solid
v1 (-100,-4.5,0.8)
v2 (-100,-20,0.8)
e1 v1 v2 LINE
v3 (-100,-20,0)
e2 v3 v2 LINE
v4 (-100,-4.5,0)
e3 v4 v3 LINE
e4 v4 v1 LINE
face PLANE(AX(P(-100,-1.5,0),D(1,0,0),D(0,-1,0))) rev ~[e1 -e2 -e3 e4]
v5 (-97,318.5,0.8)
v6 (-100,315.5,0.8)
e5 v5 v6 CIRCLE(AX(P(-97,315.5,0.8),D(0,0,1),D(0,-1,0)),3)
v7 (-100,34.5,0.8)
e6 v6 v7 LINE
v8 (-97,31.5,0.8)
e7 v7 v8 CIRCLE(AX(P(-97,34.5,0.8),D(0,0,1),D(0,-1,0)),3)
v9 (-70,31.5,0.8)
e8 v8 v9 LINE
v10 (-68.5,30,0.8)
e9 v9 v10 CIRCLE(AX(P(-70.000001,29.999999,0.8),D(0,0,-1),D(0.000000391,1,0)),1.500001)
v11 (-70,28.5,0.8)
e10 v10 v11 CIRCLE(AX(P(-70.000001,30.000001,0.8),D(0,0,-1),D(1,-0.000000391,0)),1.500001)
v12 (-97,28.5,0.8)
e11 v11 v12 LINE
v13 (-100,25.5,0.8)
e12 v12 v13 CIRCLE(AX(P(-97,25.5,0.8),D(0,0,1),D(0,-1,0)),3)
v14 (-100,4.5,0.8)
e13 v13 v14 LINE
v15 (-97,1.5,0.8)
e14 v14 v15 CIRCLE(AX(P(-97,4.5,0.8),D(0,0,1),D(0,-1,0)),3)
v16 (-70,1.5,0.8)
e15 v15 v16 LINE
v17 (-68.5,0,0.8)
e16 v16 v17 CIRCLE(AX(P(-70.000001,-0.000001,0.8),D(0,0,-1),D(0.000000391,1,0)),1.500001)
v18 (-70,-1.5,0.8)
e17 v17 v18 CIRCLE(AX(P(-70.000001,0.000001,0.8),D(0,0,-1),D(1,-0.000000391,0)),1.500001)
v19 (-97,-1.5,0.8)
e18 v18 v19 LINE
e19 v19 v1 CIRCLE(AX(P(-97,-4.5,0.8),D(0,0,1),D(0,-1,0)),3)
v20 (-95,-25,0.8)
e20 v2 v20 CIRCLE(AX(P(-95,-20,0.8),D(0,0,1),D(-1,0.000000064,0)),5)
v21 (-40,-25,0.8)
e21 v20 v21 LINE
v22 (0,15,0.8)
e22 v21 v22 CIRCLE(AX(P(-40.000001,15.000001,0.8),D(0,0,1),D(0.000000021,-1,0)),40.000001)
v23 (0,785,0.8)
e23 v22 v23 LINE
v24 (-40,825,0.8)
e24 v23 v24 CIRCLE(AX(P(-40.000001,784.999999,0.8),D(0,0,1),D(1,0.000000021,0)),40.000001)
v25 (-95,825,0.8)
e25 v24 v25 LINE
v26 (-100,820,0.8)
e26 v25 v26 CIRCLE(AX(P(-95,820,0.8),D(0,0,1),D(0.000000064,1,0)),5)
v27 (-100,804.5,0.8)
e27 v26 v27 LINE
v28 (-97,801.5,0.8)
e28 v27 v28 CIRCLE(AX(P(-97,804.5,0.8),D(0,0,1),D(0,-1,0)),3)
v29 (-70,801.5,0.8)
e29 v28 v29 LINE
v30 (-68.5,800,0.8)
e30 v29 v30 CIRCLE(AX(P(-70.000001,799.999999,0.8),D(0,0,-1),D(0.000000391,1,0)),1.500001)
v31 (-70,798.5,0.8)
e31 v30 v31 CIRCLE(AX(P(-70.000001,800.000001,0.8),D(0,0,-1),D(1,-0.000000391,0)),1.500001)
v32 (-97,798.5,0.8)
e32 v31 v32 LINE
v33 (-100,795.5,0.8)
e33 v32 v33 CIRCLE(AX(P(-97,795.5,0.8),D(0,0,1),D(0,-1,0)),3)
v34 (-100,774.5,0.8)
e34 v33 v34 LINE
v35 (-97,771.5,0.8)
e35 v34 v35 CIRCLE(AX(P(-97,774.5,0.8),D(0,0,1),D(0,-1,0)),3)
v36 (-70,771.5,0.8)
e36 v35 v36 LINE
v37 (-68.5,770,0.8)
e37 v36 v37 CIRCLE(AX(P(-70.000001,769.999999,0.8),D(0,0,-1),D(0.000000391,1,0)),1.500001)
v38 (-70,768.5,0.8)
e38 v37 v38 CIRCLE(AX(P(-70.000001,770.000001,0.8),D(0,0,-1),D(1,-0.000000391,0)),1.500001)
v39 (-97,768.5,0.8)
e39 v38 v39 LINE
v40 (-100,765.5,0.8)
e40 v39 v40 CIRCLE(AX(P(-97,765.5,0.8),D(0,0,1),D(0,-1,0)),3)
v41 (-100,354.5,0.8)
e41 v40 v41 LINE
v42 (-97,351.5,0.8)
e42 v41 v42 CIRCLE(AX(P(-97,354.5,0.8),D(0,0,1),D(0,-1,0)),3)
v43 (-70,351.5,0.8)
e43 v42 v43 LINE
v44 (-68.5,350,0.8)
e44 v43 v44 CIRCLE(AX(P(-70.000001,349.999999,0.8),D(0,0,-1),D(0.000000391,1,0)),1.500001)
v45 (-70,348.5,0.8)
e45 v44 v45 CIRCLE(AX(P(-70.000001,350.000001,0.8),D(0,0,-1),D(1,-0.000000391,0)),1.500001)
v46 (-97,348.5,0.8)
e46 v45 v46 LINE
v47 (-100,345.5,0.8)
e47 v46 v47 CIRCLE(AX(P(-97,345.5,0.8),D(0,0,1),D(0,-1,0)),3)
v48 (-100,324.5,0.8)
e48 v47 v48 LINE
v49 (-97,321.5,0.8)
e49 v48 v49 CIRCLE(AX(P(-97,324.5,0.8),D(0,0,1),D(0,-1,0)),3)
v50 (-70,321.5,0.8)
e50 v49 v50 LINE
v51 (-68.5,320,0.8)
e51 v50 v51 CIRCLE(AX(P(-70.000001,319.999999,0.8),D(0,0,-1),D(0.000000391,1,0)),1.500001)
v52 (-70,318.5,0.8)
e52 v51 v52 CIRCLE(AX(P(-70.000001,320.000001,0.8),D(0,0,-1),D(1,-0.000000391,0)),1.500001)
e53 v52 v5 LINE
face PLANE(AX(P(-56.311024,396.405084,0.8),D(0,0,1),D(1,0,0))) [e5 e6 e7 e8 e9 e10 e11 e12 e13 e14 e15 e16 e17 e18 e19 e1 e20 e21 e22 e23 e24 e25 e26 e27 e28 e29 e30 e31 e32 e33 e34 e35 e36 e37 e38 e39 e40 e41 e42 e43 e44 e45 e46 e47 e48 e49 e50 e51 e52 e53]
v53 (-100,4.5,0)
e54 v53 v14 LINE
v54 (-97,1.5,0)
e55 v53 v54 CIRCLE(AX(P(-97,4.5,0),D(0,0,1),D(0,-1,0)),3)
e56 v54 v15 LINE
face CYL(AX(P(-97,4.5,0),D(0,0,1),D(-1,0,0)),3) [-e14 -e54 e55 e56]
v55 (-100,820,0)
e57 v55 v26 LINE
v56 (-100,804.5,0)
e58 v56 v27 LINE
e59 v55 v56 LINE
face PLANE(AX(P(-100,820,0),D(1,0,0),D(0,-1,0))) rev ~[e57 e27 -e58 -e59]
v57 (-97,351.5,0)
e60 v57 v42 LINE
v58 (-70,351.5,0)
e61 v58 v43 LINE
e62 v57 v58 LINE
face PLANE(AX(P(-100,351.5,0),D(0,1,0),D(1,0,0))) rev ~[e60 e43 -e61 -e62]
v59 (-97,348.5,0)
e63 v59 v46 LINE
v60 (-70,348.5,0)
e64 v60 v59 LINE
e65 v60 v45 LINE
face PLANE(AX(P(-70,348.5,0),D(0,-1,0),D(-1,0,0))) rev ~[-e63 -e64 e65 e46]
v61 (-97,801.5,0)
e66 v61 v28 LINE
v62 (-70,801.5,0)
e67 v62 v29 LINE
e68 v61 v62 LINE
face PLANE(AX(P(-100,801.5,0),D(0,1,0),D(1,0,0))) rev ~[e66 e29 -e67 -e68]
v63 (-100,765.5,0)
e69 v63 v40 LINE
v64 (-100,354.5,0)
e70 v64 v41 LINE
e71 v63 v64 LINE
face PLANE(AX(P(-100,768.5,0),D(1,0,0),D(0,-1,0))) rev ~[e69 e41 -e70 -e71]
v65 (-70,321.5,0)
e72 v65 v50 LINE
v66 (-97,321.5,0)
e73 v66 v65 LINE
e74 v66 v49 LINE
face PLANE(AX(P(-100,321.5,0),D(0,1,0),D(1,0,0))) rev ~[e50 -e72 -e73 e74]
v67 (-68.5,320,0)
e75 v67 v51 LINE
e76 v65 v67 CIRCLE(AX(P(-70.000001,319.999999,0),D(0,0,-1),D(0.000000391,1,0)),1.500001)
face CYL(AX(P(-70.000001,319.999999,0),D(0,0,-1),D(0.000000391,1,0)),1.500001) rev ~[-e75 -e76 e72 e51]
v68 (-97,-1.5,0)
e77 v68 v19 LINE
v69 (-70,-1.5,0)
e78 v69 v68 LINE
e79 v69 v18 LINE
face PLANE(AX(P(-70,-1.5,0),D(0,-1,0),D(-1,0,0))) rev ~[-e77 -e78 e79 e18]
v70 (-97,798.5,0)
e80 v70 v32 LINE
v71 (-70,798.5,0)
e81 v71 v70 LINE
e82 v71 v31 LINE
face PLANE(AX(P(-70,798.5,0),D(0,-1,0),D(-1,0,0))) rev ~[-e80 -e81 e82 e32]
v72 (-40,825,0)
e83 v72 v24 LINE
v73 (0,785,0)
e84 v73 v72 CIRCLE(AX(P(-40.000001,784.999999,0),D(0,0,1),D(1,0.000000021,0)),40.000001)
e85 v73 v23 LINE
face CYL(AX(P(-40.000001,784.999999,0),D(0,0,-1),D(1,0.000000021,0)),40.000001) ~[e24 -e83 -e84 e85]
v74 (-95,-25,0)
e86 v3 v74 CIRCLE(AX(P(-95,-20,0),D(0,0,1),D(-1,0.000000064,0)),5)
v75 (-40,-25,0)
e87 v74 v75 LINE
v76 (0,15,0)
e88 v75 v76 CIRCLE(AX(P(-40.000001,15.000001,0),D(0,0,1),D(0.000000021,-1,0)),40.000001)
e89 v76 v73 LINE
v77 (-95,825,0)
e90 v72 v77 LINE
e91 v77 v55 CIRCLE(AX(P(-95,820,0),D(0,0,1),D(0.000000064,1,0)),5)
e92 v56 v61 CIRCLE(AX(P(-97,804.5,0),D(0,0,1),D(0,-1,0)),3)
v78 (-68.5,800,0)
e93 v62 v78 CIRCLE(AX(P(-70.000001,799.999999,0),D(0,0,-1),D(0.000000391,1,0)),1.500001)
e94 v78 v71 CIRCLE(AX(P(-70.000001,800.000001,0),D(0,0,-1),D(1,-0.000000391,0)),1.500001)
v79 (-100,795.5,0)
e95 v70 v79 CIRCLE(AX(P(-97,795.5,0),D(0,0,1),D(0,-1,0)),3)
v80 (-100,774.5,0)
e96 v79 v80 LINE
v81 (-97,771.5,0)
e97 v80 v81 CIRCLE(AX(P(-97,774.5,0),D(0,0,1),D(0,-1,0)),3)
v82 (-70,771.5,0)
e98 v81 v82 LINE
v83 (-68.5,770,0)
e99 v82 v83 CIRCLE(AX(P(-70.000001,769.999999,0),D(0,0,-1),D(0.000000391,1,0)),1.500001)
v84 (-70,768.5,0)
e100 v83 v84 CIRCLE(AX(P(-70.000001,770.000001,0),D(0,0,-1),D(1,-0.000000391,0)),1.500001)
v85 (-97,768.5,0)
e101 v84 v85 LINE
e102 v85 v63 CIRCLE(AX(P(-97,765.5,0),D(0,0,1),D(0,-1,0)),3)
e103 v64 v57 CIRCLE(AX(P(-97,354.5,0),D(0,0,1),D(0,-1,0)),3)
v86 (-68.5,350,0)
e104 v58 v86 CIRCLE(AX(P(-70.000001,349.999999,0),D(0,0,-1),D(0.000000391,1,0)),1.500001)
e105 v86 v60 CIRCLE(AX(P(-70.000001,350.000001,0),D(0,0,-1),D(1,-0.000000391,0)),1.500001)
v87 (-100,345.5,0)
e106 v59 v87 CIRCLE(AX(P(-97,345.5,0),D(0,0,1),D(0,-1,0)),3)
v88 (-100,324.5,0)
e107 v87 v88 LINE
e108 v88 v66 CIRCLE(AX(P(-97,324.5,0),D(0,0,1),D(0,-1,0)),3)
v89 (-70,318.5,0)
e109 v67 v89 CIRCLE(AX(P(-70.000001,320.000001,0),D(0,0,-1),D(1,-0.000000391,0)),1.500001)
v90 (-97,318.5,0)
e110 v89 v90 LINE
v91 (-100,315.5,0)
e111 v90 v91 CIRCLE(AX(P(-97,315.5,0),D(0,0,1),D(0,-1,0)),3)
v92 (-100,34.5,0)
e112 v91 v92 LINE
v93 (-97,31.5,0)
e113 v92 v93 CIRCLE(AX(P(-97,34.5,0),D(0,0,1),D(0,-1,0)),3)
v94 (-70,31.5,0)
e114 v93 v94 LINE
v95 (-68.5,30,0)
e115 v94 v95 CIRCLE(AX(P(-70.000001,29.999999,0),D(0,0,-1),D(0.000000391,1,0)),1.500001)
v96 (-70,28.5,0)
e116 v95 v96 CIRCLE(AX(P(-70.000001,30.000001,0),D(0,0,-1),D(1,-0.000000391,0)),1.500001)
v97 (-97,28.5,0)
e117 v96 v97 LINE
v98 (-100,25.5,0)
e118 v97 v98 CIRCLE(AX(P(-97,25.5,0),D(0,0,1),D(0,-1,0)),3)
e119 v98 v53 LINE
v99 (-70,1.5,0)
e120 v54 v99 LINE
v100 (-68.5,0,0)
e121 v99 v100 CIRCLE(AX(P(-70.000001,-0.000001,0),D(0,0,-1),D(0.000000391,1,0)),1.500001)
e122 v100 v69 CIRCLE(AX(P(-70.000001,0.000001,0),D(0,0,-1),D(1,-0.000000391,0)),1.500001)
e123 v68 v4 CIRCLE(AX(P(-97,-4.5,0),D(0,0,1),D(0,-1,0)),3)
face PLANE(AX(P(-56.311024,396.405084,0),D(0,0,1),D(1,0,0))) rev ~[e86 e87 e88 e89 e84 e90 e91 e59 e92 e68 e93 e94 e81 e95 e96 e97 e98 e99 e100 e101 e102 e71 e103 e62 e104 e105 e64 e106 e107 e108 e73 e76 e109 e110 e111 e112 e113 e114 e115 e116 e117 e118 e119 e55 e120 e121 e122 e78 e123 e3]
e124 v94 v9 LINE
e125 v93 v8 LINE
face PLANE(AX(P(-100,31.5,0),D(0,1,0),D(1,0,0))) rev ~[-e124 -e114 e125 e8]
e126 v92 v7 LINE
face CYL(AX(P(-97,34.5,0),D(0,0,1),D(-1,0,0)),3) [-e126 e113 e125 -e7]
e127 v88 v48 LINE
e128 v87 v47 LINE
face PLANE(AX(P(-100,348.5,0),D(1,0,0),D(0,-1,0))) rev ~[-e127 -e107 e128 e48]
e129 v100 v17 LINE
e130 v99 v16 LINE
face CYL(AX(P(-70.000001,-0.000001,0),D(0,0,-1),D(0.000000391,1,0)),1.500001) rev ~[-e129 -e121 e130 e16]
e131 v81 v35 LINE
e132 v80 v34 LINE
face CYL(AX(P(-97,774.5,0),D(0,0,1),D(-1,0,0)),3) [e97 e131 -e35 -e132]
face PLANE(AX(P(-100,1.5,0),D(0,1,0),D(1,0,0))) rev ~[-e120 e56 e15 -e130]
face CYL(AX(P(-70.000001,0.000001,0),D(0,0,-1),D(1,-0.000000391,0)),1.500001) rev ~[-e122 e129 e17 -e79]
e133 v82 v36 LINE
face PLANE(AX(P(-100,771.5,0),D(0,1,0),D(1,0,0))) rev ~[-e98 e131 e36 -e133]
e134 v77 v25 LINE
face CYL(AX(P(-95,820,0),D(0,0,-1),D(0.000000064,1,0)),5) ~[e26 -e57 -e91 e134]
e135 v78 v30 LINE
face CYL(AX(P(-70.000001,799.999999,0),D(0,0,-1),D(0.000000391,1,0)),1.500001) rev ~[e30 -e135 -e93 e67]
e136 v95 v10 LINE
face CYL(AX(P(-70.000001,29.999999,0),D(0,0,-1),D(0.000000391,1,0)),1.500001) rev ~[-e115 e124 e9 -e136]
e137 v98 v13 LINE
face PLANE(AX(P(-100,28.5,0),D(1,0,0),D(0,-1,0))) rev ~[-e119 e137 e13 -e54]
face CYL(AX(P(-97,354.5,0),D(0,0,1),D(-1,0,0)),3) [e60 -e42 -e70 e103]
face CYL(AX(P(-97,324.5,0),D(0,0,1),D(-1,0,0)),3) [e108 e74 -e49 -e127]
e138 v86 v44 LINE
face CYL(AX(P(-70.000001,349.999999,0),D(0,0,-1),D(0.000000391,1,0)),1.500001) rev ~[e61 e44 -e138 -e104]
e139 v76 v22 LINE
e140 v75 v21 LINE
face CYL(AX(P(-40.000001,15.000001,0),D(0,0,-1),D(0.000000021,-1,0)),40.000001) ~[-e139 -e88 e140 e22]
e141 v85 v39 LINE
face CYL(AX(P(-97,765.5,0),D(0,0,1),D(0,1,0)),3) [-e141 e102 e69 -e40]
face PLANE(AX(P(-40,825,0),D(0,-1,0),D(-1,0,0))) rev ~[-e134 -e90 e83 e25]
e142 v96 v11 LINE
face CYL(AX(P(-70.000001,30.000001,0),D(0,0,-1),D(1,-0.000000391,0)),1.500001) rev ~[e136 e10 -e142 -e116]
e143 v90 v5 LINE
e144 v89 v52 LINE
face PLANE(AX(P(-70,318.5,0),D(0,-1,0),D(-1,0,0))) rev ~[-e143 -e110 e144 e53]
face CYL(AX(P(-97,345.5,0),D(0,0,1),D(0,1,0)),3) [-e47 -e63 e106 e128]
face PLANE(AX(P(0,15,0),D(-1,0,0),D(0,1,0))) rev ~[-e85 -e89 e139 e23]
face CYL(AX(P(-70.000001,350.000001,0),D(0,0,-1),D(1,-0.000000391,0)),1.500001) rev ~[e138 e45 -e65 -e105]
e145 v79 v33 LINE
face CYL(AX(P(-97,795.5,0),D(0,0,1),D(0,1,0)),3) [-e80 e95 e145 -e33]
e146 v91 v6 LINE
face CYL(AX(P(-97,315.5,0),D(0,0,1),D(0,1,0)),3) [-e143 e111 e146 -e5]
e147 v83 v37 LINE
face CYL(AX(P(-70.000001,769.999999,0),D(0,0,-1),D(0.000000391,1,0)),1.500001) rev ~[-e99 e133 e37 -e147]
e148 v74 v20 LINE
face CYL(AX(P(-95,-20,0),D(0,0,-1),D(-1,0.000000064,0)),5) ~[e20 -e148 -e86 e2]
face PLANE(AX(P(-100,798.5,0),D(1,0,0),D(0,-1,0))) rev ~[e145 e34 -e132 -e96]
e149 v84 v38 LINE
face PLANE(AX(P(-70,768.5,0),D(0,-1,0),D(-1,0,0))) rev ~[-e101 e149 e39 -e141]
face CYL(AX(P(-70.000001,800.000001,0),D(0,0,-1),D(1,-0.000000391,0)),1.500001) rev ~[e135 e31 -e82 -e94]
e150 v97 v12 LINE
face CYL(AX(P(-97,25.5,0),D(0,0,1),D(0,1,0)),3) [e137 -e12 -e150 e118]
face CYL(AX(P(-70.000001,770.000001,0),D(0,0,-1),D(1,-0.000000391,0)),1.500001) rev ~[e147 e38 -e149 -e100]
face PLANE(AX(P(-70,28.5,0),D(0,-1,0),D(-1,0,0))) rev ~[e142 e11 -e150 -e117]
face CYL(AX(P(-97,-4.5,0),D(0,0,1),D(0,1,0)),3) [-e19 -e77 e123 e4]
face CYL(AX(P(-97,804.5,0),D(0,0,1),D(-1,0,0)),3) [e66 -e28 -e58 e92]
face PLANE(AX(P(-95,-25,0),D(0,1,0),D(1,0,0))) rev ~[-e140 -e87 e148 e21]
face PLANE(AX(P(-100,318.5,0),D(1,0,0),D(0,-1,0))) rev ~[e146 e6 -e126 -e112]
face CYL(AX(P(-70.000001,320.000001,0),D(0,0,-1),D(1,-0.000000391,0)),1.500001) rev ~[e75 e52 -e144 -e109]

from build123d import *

# Parameters (mm, degrees)
F1_DEPTH = 0.8
F2_R     = 3


with BuildPart() as f1:
    # F0 (on Top) → F1 (new body)
    with BuildSketch(Plane.XY):
        with BuildLine():
            Line((-40, 825), (-95, 825))
            ThreePointArc((-95, 825), (-98.535534, 823.535534), (-100, 820))
            Line((-100, 820), (-100, 801.5))
            Line((-100, 801.5), (-70, 801.5))
            ThreePointArc((-70, 801.5), (-68.93934, 801.06066), (-68.5, 800))
            ThreePointArc((-68.5, 800), (-68.93934, 798.93934), (-70, 798.5))
            Line((-70, 798.5), (-100, 798.5))
            Line((-100, 798.5), (-100, 771.5))
            Line((-100, 771.5), (-70, 771.5))
            ThreePointArc((-70, 771.5), (-68.93934, 771.06066), (-68.5, 770))
            ThreePointArc((-68.5, 770), (-68.93934, 768.93934), (-70, 768.5))
            Line((-70, 768.5), (-100, 768.5))
            Line((-100, 768.5), (-100, 351.5))
            Line((-100, 351.5), (-70, 351.5))
            ThreePointArc((-70, 351.5), (-68.93934, 351.06066), (-68.5, 350))
            ThreePointArc((-68.5, 350), (-68.93934, 348.93934), (-70, 348.5))
            Line((-70, 348.5), (-100, 348.5))
            Line((-100, 348.5), (-100, 321.5))
            Line((-100, 321.5), (-70, 321.5))
            ThreePointArc((-70, 321.5), (-68.93934, 321.06066), (-68.5, 320))
            ThreePointArc((-68.5, 320), (-68.93934, 318.93934), (-70, 318.5))
            Line((-70, 318.5), (-100, 318.5))
            Line((-100, 318.5), (-100, 31.5))
            Line((-100, 31.5), (-70, 31.5))
            ThreePointArc((-70, 31.5), (-68.93934, 31.06066), (-68.5, 30))
            ThreePointArc((-68.5, 30), (-68.93934, 28.93934), (-70, 28.5))
            Line((-70, 28.5), (-100, 28.5))
            Line((-100, 28.5), (-100, 1.5))
            Line((-100, 1.5), (-70, 1.5))
            ThreePointArc((-70, 1.5), (-68.93934, 1.06066), (-68.5, 0))
            ThreePointArc((-68.5, 0), (-68.93934, -1.06066), (-70, -1.5))
            Line((-70, -1.5), (-100, -1.5))
            Line((-100, -1.5), (-100, -20))
            ThreePointArc((-100, -20), (-98.535534, -23.535534), (-95, -25))
            Line((-95, -25), (-40, -25))
            ThreePointArc((-40, -25), (-11.715729, -13.284271), (0, 15))
            Line((0, 15), (0, 785))
            ThreePointArc((0, 785), (-11.715729, 813.284271), (-40, 825))
        make_face()
    extrude(amount=F1_DEPTH)

    # F2
    f2_edges = [f1.edges().sort_by_distance(p)[0] for p in [
        (-100, 801.5, 0.4),
        (-100, 798.5, 0.4),
        (-100, 771.5, 0.4),
        (-100, 768.5, 0.4),
        (-100, 351.5, 0.4),
        (-100, 348.5, 0.4),
        (-100, 321.5, 0.4),
        (-100, 318.5, 0.4),
        (-100, 31.5, 0.4),
        (-100, 28.5, 0.4),
        (-100, 1.5, 0.4),
        (-100, -1.5, 0.4),
    ]]
    fillet(f2_edges, radius=F2_R)


solid = f1.part
